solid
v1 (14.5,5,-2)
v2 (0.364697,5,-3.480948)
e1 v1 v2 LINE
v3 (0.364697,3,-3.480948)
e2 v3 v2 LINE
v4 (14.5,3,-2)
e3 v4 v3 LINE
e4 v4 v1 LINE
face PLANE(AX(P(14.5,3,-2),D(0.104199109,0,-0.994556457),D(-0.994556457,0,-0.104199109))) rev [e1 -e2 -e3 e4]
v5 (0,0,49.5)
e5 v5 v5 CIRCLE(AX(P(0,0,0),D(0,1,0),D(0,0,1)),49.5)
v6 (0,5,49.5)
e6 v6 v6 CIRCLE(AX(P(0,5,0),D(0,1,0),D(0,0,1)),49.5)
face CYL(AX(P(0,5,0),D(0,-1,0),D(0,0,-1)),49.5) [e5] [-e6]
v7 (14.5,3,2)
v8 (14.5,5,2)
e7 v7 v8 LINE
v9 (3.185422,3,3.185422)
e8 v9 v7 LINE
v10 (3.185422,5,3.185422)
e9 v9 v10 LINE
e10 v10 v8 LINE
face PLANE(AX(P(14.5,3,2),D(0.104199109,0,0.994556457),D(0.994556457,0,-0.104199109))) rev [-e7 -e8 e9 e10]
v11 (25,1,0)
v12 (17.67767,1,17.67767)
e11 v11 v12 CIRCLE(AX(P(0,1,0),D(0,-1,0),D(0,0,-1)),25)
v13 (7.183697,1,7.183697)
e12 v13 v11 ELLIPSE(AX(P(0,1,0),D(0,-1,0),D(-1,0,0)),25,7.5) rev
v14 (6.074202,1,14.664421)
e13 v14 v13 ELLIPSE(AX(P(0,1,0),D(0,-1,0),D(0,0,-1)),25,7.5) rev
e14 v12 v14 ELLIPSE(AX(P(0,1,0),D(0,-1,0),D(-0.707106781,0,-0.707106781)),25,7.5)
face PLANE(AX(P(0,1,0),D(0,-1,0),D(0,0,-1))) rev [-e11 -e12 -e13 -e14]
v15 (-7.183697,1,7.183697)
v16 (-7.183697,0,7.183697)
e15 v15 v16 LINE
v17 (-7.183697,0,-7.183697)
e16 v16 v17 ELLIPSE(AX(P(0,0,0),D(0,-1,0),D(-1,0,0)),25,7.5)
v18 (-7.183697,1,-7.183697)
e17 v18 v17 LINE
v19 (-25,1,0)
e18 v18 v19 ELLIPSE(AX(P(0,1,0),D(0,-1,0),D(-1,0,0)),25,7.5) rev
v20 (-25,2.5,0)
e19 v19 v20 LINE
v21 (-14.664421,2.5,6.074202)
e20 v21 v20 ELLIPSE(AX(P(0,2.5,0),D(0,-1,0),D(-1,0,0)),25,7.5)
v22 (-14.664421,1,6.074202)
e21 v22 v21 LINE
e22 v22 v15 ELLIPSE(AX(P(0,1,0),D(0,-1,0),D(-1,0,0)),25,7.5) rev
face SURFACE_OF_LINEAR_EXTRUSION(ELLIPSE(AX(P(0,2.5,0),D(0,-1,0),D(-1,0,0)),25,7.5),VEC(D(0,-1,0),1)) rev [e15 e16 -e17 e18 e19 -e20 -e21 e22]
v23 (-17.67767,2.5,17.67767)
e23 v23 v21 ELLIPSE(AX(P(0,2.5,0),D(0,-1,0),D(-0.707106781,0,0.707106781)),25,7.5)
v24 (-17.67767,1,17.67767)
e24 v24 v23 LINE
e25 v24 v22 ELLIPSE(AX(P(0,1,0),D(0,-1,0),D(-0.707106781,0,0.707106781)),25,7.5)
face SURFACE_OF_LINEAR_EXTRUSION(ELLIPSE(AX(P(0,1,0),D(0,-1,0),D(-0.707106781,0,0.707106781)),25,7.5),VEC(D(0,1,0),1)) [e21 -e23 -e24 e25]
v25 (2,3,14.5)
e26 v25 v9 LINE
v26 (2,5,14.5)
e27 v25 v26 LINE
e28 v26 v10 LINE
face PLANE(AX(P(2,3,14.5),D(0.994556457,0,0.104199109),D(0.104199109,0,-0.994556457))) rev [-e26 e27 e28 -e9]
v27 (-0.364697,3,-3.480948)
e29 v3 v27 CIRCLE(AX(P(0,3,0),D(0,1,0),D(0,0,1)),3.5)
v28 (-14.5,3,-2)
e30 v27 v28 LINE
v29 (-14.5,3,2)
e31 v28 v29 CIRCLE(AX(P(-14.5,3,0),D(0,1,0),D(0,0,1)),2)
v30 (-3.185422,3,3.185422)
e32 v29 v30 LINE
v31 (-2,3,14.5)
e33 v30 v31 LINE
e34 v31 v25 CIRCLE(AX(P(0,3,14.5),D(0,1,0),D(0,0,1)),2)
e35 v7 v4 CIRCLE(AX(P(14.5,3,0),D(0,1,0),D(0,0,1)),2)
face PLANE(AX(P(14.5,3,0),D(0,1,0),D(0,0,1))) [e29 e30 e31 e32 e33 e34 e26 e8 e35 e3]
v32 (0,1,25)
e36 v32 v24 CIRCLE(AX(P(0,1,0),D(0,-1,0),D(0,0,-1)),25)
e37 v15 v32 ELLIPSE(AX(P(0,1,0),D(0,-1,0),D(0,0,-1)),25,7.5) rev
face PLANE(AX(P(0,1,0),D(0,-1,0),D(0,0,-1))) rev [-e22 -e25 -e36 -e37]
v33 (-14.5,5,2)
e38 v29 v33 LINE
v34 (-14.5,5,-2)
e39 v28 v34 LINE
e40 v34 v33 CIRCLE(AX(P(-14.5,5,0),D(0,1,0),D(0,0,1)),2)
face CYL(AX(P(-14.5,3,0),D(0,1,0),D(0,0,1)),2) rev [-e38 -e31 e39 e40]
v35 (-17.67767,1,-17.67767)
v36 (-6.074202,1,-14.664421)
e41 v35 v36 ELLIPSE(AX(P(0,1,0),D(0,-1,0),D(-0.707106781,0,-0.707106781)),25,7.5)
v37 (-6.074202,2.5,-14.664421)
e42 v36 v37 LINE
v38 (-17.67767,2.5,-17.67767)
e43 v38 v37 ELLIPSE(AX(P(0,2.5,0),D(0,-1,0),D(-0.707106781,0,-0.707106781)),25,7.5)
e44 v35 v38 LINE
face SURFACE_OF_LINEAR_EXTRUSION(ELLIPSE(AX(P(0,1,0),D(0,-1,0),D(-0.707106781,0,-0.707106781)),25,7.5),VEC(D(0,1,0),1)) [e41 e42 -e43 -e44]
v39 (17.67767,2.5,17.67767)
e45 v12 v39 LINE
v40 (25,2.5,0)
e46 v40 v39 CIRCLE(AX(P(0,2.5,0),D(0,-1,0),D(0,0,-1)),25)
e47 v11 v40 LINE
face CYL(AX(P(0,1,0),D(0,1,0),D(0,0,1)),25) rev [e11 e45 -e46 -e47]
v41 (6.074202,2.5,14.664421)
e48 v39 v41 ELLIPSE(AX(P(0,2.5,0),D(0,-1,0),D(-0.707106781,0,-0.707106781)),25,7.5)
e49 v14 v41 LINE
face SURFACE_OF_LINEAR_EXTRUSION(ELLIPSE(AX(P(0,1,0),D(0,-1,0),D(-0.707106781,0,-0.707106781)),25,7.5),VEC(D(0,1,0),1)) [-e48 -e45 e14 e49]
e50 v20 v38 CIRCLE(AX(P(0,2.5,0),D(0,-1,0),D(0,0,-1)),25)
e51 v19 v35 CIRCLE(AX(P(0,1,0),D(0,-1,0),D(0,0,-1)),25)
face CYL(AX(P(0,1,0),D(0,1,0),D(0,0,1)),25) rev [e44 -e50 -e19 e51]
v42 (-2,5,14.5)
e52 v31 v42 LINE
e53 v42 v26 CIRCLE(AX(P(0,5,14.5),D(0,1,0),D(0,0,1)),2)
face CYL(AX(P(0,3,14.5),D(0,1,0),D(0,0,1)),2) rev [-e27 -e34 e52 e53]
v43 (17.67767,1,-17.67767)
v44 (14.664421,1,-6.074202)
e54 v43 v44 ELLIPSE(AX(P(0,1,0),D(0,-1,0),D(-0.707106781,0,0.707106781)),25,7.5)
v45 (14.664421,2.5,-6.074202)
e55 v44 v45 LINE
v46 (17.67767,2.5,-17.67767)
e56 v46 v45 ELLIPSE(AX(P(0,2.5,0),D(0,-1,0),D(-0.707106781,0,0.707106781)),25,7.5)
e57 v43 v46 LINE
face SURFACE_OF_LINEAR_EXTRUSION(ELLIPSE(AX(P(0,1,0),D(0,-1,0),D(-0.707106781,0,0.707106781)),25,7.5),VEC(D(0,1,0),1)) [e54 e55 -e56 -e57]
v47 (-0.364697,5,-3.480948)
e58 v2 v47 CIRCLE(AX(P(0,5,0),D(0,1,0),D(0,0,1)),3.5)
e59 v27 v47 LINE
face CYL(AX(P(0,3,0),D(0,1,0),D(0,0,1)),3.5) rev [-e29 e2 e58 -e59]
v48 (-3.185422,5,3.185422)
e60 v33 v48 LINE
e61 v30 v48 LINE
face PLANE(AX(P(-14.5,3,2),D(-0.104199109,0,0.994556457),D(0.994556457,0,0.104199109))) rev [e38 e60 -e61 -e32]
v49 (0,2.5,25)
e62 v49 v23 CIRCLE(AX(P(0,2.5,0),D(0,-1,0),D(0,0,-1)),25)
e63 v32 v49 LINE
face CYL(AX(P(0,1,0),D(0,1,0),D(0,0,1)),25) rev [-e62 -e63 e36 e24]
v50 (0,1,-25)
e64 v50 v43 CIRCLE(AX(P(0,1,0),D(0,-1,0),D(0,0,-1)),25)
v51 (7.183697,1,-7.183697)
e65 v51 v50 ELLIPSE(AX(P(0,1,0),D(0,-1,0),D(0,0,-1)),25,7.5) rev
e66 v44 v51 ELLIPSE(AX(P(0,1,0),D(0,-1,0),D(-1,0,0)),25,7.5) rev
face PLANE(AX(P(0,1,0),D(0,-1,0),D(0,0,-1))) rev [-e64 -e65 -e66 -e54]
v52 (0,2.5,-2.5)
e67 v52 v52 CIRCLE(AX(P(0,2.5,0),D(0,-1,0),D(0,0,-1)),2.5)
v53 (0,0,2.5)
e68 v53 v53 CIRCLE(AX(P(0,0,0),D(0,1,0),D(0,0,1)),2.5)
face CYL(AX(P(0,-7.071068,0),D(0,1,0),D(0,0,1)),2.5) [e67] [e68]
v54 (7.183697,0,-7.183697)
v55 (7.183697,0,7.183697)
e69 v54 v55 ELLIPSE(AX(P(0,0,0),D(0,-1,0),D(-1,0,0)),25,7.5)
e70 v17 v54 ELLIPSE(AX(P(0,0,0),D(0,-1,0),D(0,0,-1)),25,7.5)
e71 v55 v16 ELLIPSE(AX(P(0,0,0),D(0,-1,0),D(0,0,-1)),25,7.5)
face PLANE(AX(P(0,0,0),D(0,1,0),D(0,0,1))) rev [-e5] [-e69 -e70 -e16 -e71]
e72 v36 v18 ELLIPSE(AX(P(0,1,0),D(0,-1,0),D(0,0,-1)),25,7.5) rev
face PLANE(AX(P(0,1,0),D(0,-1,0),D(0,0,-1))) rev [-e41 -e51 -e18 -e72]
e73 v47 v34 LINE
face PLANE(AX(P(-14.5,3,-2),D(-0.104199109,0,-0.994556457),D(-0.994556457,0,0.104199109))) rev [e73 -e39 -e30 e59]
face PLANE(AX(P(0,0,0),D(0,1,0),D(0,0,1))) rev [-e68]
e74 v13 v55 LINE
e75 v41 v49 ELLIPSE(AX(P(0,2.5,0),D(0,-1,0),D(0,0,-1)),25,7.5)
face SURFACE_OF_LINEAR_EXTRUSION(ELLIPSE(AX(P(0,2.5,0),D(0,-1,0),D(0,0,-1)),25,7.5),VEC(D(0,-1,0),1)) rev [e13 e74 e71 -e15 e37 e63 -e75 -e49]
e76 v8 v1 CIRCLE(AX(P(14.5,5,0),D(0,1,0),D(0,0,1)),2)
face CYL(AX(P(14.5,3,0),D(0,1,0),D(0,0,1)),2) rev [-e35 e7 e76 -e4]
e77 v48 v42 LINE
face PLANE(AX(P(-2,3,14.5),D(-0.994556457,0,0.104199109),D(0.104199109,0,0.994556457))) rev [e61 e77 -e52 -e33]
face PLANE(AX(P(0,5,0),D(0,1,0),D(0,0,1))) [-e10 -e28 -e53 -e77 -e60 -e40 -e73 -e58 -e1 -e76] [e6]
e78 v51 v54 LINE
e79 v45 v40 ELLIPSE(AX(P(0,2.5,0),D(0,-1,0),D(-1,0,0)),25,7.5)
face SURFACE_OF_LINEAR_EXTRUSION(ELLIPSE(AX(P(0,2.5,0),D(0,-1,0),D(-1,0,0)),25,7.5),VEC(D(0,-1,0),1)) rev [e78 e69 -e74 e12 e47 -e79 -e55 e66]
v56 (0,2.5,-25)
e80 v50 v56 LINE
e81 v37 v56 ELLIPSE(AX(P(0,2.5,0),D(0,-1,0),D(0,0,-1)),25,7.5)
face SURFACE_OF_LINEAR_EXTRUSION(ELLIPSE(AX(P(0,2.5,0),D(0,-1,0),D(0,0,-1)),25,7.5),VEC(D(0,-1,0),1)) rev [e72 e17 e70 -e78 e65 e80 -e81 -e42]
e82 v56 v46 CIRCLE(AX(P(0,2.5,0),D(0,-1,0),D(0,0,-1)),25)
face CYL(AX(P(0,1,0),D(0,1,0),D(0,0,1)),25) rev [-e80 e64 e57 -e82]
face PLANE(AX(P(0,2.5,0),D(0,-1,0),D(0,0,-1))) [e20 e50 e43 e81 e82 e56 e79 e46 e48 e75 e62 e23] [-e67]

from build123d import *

# Parameters (mm, degrees)
SKETCH1_R           = 49.5
BOSS_EXTRUDE1_DEPTH = 5
CUT_EXTRUDE1_DEPTH  = 2
CUT_EXTRUDE3_DEPTH  = 2.5
CUT_EXTRUDE4_DEPTH  = 1.5
SKETCH5_R           = 2.5
BOSS_EXTRUDE2_DEPTH = 2.5


with BuildPart() as part:
    # Sketch1 → Boss-Extrude1 (new body)
    with BuildSketch(Plane(origin=(0, 0, 0), x_dir=(1, 0, 0), z_dir=(0, 1, 0))):
        Circle(SKETCH1_R)
    extrude(amount=BOSS_EXTRUDE1_DEPTH)

    # Sketch2 → Cut-Extrude1 (cut)
    with BuildSketch(Plane(origin=(0, 5, 0), x_dir=(1, 0, 0), z_dir=(0, 1, 0))):
        with BuildLine():
            Line((14.5, 2), (0.364696883, 3.480947599))
            ThreePointArc((0.364696883, 3.480947599), (0, 3.5), (-0.364696883, 3.480947599))
            Line((-0.364696883, 3.480947599), (-14.5, 2))
            ThreePointArc((-14.5, 2), (-16.5, 0), (-14.5, -2))
            Line((-14.5, -2), (-3.185421861, -3.185421861))
            Line((-3.185421861, -3.185421861), (-2, -14.5))
            ThreePointArc((-2, -14.5), (0, -16.5), (2, -14.5))
            Line((2, -14.5), (3.185421861, -3.185421861))
            Line((3.185421861, -3.185421861), (14.5, -2))
            ThreePointArc((14.5, -2), (16.5, 0), (14.5, 2))
        make_face()
    extrude(amount=-CUT_EXTRUDE1_DEPTH, mode=Mode.SUBTRACT)

    # Sketch3 → Cut-Extrude3 (cut)
    with BuildSketch(Plane.XZ):
        with BuildLine():
            add(Edge.make_bspline(
                [(7.183697139, 7.183697139), (0, 87.002554241), (-7.183697139, 7.183697139)],
                knots=[1.862253121, 1.862253121, 1.862253121, 4.420932186, 4.420932186, 4.420932186], degree=2, weights=[1, 0.287347886, 1]))
            add(Edge.make_bspline(
                [(-7.183697139, 7.183697139), (-87.002554241, 0), (-7.183697139, -7.183697139)],
                knots=[5.003845775, 5.003845775, 5.003845775, 7.562524839, 7.562524839, 7.562524839], degree=2, weights=[1, 0.287347886, 1]))
            add(Edge.make_bspline(
                [(-7.183697139, -7.183697139), (0, -87.002554241), (7.183697139, -7.183697139)],
                knots=[5.003845775, 5.003845775, 5.003845775, 7.562524839, 7.562524839, 7.562524839], degree=2, weights=[1, 0.287347886, 1]))
            add(Edge.make_bspline(
                [(7.183697139, -7.183697139), (87.002554241, 0), (7.183697139, 7.183697139)],
                knots=[1.862253121, 1.862253121, 1.862253121, 4.420932186, 4.420932186, 4.420932186], degree=2, weights=[1, 0.287347886, 1]))
        make_face()
    extrude(amount=-CUT_EXTRUDE3_DEPTH, mode=Mode.SUBTRACT)

    # Sketch4 → Cut-Extrude4 (cut)
    with BuildSketch(Plane.XZ.offset(-2.5)):
        with BuildLine():
            ThreePointArc((25, 0), (23.096988313, 9.567085809), (17.67766953, 17.67766953))
            add(Edge.make_bspline(
                [(17.67766953, 17.67766953), (14.970514542, 20.384824518), (6.074201923, 14.664420662)],
                knots=[3.141592654, 3.141592654, 3.141592654, 4.085563337, 4.085563337, 4.085563337], degree=2, weights=[1, 0.890667398, 1]))
            add(Edge.make_bspline(
                [(6.074201923, 14.664420662), (3.8284953, 25), (0, 25)],
                knots=[2.19762197, 2.19762197, 2.19762197, 3.141592654, 3.141592654, 3.141592654], degree=2, weights=[1, 0.890667398, 1]))
            ThreePointArc((0, 25), (-9.567085809, 23.096988313), (-17.67766953, 17.67766953))
            add(Edge.make_bspline(
                [(-17.67766953, 17.67766953), (-20.384824518, 14.970514542), (-14.664420662, 6.074201923)],
                knots=[0, 0, 0, 0.943970683, 0.943970683, 0.943970683], degree=2, weights=[1, 0.890667398, 1]))
            add(Edge.make_bspline(
                [(-14.664420662, 6.074201923), (-25, 3.8284953), (-25, 0)],
                knots=[5.339214624, 5.339214624, 5.339214624, 6.283185307, 6.283185307, 6.283185307], degree=2, weights=[1, 0.890667398, 1]))
            ThreePointArc((-25, 0), (-23.096988313, -9.567085809), (-17.67766953, -17.67766953))
            add(Edge.make_bspline(
                [(-17.67766953, -17.67766953), (-14.970514542, -20.384824518), (-6.074201923, -14.664420662)],
                knots=[0, 0, 0, 0.943970683, 0.943970683, 0.943970683], degree=2, weights=[1, 0.890667398, 1]))
            add(Edge.make_bspline(
                [(-6.074201923, -14.664420662), (-3.8284953, -25), (0, -25)],
                knots=[5.339214624, 5.339214624, 5.339214624, 6.283185307, 6.283185307, 6.283185307], degree=2, weights=[1, 0.890667398, 1]))
            ThreePointArc((0, -25), (9.567085809, -23.096988313), (17.67766953, -17.67766953))
            add(Edge.make_bspline(
                [(17.67766953, -17.67766953), (20.384824518, -14.970514542), (14.664420662, -6.074201923)],
                knots=[3.141592654, 3.141592654, 3.141592654, 4.085563337, 4.085563337, 4.085563337], degree=2, weights=[1, 0.890667398, 1]))
            add(Edge.make_bspline(
                [(14.664420662, -6.074201923), (25, -3.8284953), (25, 0)],
                knots=[2.19762197, 2.19762197, 2.19762197, 3.141592654, 3.141592654, 3.141592654], degree=2, weights=[1, 0.890667398, 1]))
        make_face()
    extrude(amount=CUT_EXTRUDE4_DEPTH, mode=Mode.SUBTRACT)

    # Sketch5 → Boss-Extrude2 (add)
    with BuildSketch(Plane.XZ.offset(-2.5)):
        Circle(SKETCH5_R)
    extrude(amount=BOSS_EXTRUDE2_DEPTH)


solid = part.part
